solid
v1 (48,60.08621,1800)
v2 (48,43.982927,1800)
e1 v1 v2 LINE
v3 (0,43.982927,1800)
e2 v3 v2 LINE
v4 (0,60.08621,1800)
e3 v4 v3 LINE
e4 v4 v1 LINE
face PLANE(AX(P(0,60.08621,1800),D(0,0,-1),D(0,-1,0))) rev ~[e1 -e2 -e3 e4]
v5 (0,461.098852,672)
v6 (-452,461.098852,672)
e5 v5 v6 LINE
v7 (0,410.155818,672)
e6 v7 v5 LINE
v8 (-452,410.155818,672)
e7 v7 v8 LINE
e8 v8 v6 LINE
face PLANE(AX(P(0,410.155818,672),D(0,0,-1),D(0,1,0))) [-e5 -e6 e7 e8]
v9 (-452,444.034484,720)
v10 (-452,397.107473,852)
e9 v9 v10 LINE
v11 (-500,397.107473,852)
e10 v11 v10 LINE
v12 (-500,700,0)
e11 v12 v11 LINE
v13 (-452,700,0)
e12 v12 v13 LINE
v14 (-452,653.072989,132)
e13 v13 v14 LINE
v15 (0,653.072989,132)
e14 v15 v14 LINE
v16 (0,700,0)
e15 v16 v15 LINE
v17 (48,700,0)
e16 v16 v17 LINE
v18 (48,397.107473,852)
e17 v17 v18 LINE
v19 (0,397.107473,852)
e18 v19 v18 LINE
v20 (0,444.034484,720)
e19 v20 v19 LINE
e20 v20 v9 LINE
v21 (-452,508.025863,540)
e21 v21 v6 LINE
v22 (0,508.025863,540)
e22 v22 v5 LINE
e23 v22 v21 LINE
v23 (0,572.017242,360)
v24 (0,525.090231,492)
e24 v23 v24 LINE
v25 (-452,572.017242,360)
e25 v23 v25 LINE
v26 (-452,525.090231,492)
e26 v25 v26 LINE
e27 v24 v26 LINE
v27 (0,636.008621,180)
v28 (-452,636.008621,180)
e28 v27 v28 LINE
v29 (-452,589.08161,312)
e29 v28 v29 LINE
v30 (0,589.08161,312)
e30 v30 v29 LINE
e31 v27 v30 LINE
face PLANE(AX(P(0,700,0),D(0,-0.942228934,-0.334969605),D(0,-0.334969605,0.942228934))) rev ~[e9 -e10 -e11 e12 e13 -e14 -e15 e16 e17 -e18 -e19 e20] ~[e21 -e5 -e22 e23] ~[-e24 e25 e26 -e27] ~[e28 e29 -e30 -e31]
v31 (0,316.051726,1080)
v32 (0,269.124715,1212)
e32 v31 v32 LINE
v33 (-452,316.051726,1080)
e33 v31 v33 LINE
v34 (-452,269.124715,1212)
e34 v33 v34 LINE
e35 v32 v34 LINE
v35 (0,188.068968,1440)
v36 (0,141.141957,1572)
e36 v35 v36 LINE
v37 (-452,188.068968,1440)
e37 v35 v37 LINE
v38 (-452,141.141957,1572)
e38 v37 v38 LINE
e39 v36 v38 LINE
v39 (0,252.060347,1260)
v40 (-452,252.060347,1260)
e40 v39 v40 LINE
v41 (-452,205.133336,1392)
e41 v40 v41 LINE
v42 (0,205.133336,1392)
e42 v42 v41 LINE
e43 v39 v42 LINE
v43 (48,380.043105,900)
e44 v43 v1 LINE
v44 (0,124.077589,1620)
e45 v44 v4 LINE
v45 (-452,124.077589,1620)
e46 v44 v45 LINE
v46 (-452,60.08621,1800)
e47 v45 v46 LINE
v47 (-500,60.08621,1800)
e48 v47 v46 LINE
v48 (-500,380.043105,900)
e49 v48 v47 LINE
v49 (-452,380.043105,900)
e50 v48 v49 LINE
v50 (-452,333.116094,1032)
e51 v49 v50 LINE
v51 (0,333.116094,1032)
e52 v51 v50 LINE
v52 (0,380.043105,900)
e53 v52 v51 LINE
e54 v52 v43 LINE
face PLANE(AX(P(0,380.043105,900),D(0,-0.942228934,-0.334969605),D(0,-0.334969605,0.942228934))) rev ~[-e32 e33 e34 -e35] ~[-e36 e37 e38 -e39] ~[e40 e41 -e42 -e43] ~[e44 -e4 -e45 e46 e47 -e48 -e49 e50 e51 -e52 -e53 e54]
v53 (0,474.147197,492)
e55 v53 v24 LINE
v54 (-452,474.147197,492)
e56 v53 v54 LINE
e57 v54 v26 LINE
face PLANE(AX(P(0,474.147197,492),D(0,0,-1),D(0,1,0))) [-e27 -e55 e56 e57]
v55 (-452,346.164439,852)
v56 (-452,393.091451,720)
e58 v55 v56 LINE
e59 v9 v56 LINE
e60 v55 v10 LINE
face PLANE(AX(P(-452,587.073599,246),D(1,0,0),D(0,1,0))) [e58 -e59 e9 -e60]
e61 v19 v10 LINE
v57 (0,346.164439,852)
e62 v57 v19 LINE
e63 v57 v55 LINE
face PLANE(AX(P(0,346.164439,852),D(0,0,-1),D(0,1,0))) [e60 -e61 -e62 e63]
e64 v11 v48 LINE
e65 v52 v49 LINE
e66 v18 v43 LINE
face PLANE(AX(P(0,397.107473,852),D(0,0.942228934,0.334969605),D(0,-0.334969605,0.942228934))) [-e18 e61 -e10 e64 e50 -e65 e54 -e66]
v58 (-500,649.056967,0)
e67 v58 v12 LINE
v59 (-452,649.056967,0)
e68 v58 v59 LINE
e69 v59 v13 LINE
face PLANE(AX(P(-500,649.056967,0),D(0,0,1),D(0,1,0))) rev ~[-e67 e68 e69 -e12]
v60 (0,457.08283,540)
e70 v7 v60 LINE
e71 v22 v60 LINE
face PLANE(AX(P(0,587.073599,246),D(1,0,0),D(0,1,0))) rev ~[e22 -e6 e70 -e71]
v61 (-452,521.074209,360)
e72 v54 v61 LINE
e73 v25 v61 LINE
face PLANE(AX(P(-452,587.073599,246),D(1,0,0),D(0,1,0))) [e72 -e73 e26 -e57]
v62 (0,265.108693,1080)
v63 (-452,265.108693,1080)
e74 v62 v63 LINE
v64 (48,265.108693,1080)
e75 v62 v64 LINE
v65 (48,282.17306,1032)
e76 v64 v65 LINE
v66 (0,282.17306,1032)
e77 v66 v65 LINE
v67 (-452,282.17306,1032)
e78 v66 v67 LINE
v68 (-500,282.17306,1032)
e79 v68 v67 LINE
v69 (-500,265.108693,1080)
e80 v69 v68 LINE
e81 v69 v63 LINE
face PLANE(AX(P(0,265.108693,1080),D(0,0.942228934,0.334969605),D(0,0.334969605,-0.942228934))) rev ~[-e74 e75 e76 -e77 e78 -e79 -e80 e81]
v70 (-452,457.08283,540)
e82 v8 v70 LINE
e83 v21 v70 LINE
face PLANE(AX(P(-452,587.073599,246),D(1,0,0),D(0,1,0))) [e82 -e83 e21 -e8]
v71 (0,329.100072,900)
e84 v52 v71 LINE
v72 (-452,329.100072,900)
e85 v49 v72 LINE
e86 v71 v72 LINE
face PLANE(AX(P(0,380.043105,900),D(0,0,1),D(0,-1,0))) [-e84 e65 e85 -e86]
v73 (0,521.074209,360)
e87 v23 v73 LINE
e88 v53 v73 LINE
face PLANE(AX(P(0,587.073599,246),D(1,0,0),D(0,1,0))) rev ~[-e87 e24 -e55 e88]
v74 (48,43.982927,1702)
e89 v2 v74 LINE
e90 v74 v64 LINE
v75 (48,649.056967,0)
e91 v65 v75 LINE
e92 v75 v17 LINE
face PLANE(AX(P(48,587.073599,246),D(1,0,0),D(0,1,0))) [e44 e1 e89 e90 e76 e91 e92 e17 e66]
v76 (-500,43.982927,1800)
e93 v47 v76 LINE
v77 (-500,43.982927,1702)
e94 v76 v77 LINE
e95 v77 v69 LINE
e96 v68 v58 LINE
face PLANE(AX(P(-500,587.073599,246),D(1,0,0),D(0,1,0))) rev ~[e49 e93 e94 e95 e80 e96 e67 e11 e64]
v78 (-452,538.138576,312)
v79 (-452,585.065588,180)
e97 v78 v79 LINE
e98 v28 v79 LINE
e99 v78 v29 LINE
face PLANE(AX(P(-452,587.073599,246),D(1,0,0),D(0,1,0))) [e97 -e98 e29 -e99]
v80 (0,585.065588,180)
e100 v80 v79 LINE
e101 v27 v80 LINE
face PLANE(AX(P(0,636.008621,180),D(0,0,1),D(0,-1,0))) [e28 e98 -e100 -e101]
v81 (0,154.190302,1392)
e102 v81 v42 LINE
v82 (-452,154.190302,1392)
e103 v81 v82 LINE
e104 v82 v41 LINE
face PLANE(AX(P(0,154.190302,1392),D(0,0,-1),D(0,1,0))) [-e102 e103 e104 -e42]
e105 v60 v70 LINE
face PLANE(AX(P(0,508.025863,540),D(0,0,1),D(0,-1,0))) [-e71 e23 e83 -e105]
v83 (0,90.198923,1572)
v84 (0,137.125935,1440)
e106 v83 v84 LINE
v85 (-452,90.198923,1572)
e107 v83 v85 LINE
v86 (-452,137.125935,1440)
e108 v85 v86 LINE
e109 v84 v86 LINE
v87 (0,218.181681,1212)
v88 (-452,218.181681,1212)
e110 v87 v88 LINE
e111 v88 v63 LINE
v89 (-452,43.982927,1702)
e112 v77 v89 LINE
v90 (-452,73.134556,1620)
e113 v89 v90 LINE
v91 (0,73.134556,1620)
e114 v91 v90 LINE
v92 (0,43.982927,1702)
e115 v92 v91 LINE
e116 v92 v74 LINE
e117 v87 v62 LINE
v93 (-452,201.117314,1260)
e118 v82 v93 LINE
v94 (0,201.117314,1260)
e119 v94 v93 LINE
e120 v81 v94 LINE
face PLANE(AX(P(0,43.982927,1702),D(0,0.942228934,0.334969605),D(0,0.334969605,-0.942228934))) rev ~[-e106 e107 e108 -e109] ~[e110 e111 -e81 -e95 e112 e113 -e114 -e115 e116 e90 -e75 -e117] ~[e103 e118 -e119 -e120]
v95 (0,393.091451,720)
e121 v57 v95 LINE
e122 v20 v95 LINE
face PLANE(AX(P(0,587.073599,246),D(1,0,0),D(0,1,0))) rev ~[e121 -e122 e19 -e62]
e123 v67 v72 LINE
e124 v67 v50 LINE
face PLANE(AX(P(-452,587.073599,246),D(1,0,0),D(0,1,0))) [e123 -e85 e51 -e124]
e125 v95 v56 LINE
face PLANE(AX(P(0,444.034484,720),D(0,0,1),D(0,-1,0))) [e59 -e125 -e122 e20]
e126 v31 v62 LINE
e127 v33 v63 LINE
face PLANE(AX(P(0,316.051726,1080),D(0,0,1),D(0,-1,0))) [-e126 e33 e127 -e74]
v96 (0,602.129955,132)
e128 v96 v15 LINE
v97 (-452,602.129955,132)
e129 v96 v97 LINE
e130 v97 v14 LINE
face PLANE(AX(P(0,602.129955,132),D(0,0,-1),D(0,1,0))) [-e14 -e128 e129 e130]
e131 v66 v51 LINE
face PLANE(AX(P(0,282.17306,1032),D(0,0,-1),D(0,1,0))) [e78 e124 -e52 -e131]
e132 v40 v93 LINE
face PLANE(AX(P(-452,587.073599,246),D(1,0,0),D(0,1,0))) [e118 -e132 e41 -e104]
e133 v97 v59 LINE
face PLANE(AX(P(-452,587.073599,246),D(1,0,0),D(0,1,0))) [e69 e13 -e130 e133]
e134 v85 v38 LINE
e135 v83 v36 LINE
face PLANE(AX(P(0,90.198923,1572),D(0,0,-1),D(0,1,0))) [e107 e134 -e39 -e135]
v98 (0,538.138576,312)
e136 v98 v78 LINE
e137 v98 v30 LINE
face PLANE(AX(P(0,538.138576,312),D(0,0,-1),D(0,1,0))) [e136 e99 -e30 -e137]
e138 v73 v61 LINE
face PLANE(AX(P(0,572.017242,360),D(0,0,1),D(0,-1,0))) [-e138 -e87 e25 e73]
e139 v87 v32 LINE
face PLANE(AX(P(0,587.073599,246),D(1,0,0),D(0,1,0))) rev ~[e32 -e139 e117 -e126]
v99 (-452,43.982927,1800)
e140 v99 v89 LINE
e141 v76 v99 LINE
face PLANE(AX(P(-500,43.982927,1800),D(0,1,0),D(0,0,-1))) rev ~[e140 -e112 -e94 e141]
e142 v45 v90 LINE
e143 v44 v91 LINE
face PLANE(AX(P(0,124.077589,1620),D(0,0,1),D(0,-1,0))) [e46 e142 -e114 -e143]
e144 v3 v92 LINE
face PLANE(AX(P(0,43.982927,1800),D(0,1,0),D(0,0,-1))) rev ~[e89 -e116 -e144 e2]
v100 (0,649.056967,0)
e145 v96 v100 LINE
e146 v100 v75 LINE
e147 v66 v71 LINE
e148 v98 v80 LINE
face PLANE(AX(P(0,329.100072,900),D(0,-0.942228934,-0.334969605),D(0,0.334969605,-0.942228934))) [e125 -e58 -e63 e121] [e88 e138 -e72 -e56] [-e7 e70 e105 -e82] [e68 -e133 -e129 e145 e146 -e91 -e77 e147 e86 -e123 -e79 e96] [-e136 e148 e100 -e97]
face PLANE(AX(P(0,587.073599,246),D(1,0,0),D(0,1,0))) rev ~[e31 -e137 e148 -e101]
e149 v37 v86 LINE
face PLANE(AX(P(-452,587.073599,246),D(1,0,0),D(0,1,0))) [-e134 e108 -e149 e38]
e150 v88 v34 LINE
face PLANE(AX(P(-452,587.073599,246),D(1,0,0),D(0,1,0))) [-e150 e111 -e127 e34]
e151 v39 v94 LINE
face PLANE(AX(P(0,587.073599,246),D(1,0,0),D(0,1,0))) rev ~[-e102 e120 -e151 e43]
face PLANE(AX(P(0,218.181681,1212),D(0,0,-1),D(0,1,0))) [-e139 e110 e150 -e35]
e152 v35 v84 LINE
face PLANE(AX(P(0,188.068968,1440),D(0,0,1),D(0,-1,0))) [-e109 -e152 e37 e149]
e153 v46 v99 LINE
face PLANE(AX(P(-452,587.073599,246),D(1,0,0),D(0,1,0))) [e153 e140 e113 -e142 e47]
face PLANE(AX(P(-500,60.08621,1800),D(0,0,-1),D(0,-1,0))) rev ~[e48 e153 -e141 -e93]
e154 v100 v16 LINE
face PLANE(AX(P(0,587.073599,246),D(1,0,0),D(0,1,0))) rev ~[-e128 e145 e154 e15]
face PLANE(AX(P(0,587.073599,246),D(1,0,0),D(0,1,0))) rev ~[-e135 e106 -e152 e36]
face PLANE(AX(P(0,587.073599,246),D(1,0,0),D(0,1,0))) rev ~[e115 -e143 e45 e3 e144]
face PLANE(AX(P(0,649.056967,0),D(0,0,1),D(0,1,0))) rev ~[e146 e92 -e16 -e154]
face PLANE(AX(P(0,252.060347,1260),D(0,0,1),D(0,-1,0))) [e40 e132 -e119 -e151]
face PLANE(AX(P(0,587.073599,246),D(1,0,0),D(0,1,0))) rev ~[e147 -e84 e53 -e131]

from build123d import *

# Parameters (mm, degrees)
F1_DEPTH = 48
F3_DEPTH = 452


with BuildPart() as f1:
    # F0 (on Right) → F1 (new body)
    with BuildSketch(Plane.YZ):
        Polygon((538.1385763868, 312), (585.0655876551, 180), (636.0086209978, 180), (589.0816097296, 312), align=None)
        Polygon((457.0828296508, 540), (474.1471973847, 492), (525.0902307274, 492), (508.0258629935, 540), align=None)
        Polygon((265.1086926442, 1080), (282.1730603782, 1032), (333.1160937209, 1032), (316.051725987, 1080), align=None)
        Polygon((90.1989233716, 1572), (137.1259346399, 1440), (188.0689679826, 1440), (141.1419567144, 1572), align=None)
        Polygon((346.1644393803, 852), (393.0914506486, 720), (444.0344839913, 720), (397.1074727231, 852), align=None)
        Polygon((73.1345556377, 1620), (90.1989233716, 1572), (141.1419567144, 1572), (124.0775889805, 1620), align=None)
        Polygon((474.1471973847, 492), (521.0742086529, 360), (572.0172419957, 360), (525.0902307274, 492), align=None)
        Polygon((410.1558183825, 672), (457.0828296508, 540), (508.0258629935, 540), (461.0988517252, 672), align=None)
        Polygon((282.1730603782, 1032), (329.1000716464, 900), (380.0431049891, 900), (333.1160937209, 1032), align=None)
        Polygon((43.9829274256, 1702), (73.1345556377, 1620), (124.0775889805, 1620), (60.0862099783, 1800), (43.9829274256, 1800), align=None)
        Polygon((585.0655876551, 180), (602.129955389, 132), (653.0729887317, 132), (636.0086209978, 180), align=None)
        Polygon((393.0914506486, 720), (410.1558183825, 672), (461.0988517252, 672), (444.0344839913, 720), align=None)
        Polygon((602.129955389, 132), (649.0569666573, 0), (700, 0), (653.0729887317, 132), align=None)
        Polygon((201.1173136421, 1260), (218.181681376, 1212), (269.1247147187, 1212), (252.0603469848, 1260), align=None)
        Polygon((218.181681376, 1212), (265.1086926442, 1080), (316.051725987, 1080), (269.1247147187, 1212), align=None)
        Polygon((154.1903023738, 1392), (201.1173136421, 1260), (252.0603469848, 1260), (205.1333357165, 1392), align=None)
        Polygon((329.1000716464, 900), (346.1644393803, 852), (397.1074727231, 852), (380.0431049891, 900), align=None)
        Polygon((521.0742086529, 360), (538.1385763868, 312), (589.0816097296, 312), (572.0172419957, 360), align=None)
        Polygon((137.1259346399, 1440), (154.1903023738, 1392), (205.1333357165, 1392), (188.0689679826, 1440), align=None)
    extrude(amount=F1_DEPTH)


with BuildPart() as f2_1:
    # F2: copy of F1
    add(f1.part.moved(Location((-500, 0, 0))))


with BuildPart() as f1_1:
    add(f1.part)

    add(f2_1.part)  # F3 merges F2_1
    # F0 (on Right) → F3 (join)
    with BuildSketch(Plane.YZ):
        Polygon((585.0655876551, 180), (602.129955389, 132), (653.0729887317, 132), (636.0086209978, 180), align=None)
        Polygon((521.0742086529, 360), (538.1385763868, 312), (589.0816097296, 312), (572.0172419957, 360), align=None)
        Polygon((457.0828296508, 540), (474.1471973847, 492), (525.0902307274, 492), (508.0258629935, 540), align=None)
        Polygon((393.0914506486, 720), (410.1558183825, 672), (461.0988517252, 672), (444.0344839913, 720), align=None)
        Polygon((329.1000716464, 900), (346.1644393803, 852), (397.1074727231, 852), (380.0431049891, 900), align=None)
        Polygon((265.1086926442, 1080), (282.1730603782, 1032), (333.1160937209, 1032), (316.051725987, 1080), align=None)
        Polygon((201.1173136421, 1260), (218.181681376, 1212), (269.1247147187, 1212), (252.0603469848, 1260), align=None)
        Polygon((137.1259346399, 1440), (154.1903023738, 1392), (205.1333357165, 1392), (188.0689679826, 1440), align=None)
        Polygon((73.1345556377, 1620), (90.1989233716, 1572), (141.1419567144, 1572), (124.0775889805, 1620), align=None)
    extrude(amount=-F3_DEPTH)


solid = f1_1.part
